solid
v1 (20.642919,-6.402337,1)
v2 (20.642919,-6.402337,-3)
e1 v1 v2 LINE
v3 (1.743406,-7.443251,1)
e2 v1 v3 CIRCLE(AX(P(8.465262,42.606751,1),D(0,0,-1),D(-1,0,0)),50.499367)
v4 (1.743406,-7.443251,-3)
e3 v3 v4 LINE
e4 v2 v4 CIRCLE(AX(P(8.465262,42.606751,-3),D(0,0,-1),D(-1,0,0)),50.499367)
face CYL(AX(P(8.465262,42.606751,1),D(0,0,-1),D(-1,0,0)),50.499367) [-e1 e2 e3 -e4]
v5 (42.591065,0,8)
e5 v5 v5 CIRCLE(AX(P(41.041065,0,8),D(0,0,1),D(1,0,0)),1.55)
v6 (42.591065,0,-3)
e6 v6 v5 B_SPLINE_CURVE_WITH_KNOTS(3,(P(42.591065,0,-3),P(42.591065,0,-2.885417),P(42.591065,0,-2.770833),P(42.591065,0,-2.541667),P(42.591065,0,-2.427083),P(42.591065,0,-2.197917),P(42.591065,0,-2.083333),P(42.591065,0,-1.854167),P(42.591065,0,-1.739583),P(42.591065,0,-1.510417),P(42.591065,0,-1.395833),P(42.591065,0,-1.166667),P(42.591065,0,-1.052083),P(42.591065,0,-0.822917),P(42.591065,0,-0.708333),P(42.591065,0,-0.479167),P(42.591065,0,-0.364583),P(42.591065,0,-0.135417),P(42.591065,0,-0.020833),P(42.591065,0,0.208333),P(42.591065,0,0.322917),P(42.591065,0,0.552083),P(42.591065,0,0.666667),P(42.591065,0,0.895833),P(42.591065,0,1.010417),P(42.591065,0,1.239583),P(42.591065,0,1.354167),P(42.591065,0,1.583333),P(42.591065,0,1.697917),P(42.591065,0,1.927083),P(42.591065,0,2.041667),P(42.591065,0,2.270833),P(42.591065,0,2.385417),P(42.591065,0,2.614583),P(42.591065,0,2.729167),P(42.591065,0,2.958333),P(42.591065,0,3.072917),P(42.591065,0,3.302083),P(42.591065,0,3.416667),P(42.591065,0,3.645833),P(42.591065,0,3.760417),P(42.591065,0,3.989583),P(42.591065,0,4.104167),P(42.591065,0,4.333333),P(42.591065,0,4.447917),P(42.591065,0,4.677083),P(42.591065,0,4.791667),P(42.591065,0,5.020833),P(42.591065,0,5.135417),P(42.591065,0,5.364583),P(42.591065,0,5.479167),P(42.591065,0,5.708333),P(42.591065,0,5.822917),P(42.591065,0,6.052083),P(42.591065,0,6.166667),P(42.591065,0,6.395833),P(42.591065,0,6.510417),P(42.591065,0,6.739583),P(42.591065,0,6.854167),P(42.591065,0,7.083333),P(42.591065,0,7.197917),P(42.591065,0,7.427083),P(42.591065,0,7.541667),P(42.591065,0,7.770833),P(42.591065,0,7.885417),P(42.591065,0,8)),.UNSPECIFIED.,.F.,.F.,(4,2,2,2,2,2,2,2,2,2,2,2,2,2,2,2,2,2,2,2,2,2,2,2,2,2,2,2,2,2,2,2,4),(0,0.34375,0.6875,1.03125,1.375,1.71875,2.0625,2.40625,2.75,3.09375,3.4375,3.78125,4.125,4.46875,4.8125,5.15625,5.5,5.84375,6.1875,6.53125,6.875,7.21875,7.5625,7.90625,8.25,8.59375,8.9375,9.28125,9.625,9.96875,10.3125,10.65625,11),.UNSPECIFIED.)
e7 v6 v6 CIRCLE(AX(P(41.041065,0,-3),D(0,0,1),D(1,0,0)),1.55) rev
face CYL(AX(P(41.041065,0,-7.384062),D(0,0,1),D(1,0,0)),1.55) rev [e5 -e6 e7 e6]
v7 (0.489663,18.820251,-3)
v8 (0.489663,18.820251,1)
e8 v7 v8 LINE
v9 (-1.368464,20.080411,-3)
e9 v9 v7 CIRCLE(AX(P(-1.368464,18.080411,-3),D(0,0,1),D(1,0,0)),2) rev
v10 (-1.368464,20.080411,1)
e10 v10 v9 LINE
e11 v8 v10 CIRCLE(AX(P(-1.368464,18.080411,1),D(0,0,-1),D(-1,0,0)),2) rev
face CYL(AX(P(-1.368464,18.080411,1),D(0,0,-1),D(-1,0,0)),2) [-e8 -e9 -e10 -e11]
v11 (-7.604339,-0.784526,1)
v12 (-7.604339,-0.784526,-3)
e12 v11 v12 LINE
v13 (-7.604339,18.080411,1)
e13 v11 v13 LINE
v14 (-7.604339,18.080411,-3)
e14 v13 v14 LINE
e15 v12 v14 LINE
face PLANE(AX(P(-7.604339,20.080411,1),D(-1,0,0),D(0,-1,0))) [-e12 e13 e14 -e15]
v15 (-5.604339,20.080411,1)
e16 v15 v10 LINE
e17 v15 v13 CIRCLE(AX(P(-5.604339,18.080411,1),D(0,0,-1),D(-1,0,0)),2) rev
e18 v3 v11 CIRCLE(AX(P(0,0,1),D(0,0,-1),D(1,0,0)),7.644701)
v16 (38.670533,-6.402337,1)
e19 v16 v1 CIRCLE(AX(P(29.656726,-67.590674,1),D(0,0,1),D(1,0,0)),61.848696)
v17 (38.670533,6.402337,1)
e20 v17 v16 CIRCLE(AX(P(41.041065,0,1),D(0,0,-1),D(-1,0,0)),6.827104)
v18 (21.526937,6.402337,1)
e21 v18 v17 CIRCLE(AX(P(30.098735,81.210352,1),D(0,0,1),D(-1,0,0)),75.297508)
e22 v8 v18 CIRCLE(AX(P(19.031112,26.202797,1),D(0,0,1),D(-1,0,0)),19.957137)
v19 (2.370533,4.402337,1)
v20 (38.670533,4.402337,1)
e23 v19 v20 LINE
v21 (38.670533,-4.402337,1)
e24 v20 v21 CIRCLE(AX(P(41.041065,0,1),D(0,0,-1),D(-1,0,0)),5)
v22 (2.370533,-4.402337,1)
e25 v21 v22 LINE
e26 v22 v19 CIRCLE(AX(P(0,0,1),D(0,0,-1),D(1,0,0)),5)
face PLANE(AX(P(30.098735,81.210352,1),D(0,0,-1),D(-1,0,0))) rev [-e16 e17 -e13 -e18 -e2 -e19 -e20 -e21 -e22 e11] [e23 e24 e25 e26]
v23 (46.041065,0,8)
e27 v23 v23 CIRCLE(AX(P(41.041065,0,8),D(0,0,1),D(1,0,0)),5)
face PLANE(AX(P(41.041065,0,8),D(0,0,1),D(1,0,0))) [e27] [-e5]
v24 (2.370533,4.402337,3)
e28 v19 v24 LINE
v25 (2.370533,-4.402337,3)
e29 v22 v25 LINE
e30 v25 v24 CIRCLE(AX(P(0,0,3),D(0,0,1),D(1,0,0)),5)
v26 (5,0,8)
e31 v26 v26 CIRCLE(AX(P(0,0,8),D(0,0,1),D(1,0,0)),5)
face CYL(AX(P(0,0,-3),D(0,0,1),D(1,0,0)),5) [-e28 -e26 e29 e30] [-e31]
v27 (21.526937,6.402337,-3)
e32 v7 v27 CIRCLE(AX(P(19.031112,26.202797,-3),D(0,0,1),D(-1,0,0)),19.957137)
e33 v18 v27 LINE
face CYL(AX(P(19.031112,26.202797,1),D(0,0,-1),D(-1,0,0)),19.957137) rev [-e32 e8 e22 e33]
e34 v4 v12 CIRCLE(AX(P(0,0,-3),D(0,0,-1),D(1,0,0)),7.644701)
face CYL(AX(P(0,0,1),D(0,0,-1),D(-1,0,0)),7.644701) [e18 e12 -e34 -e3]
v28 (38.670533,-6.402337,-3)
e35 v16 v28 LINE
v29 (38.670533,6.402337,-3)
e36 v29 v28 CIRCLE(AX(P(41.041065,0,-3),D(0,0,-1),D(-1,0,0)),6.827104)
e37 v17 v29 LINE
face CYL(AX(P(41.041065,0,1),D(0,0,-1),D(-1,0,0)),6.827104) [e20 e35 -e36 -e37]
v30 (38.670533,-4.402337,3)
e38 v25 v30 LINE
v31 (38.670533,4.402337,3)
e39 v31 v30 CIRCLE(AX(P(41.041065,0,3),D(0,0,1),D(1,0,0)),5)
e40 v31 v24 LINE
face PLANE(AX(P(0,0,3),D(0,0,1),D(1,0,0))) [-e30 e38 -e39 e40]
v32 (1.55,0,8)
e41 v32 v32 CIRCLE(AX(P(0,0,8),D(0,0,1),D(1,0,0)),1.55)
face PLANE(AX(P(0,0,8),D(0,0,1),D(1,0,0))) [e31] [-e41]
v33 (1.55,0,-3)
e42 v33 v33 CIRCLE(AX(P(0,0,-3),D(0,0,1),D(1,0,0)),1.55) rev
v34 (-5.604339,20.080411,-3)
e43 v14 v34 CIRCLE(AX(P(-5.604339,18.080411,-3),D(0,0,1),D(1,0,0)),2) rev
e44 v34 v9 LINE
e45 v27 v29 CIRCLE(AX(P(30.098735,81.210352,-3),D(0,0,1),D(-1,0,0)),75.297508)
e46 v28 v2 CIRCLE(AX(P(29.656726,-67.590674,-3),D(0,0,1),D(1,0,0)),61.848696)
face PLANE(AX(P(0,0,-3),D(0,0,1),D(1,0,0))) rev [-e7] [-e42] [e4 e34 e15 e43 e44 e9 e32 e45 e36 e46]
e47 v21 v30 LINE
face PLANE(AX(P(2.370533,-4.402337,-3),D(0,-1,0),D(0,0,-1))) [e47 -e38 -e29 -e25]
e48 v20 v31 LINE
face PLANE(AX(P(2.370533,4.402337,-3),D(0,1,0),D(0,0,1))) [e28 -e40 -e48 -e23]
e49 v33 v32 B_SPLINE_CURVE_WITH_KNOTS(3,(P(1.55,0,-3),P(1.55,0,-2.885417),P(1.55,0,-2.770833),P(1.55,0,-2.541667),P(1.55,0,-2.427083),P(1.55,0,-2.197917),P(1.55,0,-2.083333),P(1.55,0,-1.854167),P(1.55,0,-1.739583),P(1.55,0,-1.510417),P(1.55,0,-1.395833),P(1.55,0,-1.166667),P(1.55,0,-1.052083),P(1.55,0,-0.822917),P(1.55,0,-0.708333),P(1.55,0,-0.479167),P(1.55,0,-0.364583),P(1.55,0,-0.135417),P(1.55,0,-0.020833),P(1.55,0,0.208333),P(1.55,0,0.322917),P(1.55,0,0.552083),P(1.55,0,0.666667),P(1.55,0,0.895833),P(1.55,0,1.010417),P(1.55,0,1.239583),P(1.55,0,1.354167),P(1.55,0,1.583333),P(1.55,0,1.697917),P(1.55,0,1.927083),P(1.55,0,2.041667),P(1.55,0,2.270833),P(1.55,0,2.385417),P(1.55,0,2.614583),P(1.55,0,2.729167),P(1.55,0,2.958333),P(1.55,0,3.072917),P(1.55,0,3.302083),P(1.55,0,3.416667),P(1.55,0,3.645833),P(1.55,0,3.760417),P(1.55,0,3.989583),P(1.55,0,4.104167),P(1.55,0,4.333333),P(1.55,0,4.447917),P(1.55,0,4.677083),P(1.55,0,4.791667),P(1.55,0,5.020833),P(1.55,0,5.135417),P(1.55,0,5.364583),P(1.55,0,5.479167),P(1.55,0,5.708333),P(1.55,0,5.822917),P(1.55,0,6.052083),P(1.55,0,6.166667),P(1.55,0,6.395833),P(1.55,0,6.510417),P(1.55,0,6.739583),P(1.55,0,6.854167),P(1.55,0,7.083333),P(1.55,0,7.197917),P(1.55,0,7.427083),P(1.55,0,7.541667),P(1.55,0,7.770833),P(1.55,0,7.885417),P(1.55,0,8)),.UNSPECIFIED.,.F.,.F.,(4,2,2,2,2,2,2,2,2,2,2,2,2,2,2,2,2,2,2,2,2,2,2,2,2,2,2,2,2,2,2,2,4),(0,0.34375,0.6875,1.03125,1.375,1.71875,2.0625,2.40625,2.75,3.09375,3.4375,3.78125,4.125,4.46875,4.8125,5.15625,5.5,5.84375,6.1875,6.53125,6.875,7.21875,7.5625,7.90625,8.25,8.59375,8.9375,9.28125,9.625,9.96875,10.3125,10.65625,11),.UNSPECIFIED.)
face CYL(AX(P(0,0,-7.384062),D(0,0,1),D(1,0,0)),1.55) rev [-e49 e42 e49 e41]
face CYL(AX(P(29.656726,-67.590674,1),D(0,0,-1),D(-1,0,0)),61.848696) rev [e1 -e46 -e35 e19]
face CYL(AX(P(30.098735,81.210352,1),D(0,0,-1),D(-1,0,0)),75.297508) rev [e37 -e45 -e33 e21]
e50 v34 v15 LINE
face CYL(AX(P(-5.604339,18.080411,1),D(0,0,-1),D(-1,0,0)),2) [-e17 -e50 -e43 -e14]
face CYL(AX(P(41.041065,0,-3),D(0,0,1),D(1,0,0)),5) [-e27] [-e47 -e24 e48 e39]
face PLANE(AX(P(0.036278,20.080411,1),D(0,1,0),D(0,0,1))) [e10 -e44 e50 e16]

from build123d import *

# Parameters (mm, degrees)
BOSS_EXTRU_1_DEPTH      = 3
BOSS_EXTRU_1_DEPTH_BACK = 3
ESQUISSE2_R             = 1.55
ENL_V_MAT_EXTRU_1_DEPTH = 6
SKETCH1_R               = 5
SKETCH1_R_2             = 1.55
BOSS_EXTRUDE1_DEPTH     = 5
BOSS_EXTRUDE3_DEPTH     = 4
FILLET1_R               = 2


with BuildPart() as part:
    # Esquisse1 → Boss.-Extru.1 (new, two sides: drawn at the far end of the back side and taken through both)
    with BuildSketch(Plane.XY.offset(-BOSS_EXTRU_1_DEPTH_BACK)):
        with BuildLine():
            Line((2.370532565, 4.402337488), (38.670532565, 4.402337488))
            ThreePointArc((38.670532565, 4.402337488), (46.041065131, 0), (38.670532565, -4.402337488))
            Line((38.670532565, -4.402337488), (2.370532565, -4.402337488))
            ThreePointArc((2.370532565, -4.402337488), (-5, 0), (2.370532565, 4.402337488))
        make_face()
    extrude(amount=BOSS_EXTRU_1_DEPTH + BOSS_EXTRU_1_DEPTH_BACK)

    # Esquisse2 → Enlèv. mat.-Extru.1 (cut)
    with BuildSketch(Plane.XY.offset(3)):
        Circle(ESQUISSE2_R)
        with Locations((41.041065131, 0)):
            Circle(ESQUISSE2_R)
    extrude(amount=-ENL_V_MAT_EXTRU_1_DEPTH, mode=Mode.SUBTRACT)

    # Sketch1 → Boss-Extrude1 (add)
    # profile 1 of 2: a face of its own
    with BuildSketch(Plane.XY.offset(3)):
        Circle(SKETCH1_R)
        Circle(SKETCH1_R_2, mode=Mode.SUBTRACT)
    # profile 2 of 2: a face of its own
    with BuildSketch(Plane.XY.offset(3)):
        with Locations((41.041065131, 0)):
            Circle(SKETCH1_R)
        with Locations((41.041065131, 0)):
            Circle(SKETCH1_R_2, mode=Mode.SUBTRACT)
    extrude(amount=BOSS_EXTRUDE1_DEPTH)

    # Sketch3 → Boss-Extrude3 (add)
    with BuildSketch(Plane(origin=(0, 0, -3), x_dir=(-1, 0, 0), z_dir=(0, 0, -1))):
        with BuildLine():
            Line((-0.036278369, 20.080410503), (7.604339365, 20.080410503))
            Line((7.604339365, 20.080410503), (7.604339365, -0.784525769))
            ThreePointArc((7.604339365, -0.784525769), (4.435345697, -6.226489092), (-1.743406195, -7.443251487))
            ThreePointArc((-1.743406195, -7.443251487), (-11.242367754, -7.816197838), (-20.642918726, -6.402337488))
            ThreePointArc((-20.642918726, -6.402337488), (-29.656725646, -5.741977649), (-38.670532565, -6.402337488))
            ThreePointArc((-38.670532565, -6.402337488), (-47.868169198, 0), (-38.670532565, 6.402337488))
            ThreePointArc((-38.670532565, 6.402337488), (-30.098734584, 5.912843699), (-21.526936603, 6.402337488))
            ThreePointArc((-21.526936603, 6.402337488), (-8.31538788, 9.366509266), (-0.036278369, 20.080410503))
        make_face()
        with BuildLine():
            Line((-38.670532565, 4.402337488), (-2.370532565, 4.402337488))
            ThreePointArc((-2.370532565, 4.402337488), (5, 0), (-2.370532565, -4.402337488))
            Line((-2.370532565, -4.402337488), (-38.670532565, -4.402337488))
            ThreePointArc((-38.670532565, -4.402337488), (-46.041065131, 0), (-38.670532565, 4.402337488))
        make_face(mode=Mode.SUBTRACT)
    extrude(amount=-BOSS_EXTRUDE3_DEPTH)

    # Fillet1
    fillet1_edges = [part.edges().sort_by_distance(p)[0] for p in [
        (0.036278369, 20.080410503, -1),
        (-7.604339365, 20.080410503, -1),
    ]]
    fillet(fillet1_edges, radius=FILLET1_R)


solid = part.part
